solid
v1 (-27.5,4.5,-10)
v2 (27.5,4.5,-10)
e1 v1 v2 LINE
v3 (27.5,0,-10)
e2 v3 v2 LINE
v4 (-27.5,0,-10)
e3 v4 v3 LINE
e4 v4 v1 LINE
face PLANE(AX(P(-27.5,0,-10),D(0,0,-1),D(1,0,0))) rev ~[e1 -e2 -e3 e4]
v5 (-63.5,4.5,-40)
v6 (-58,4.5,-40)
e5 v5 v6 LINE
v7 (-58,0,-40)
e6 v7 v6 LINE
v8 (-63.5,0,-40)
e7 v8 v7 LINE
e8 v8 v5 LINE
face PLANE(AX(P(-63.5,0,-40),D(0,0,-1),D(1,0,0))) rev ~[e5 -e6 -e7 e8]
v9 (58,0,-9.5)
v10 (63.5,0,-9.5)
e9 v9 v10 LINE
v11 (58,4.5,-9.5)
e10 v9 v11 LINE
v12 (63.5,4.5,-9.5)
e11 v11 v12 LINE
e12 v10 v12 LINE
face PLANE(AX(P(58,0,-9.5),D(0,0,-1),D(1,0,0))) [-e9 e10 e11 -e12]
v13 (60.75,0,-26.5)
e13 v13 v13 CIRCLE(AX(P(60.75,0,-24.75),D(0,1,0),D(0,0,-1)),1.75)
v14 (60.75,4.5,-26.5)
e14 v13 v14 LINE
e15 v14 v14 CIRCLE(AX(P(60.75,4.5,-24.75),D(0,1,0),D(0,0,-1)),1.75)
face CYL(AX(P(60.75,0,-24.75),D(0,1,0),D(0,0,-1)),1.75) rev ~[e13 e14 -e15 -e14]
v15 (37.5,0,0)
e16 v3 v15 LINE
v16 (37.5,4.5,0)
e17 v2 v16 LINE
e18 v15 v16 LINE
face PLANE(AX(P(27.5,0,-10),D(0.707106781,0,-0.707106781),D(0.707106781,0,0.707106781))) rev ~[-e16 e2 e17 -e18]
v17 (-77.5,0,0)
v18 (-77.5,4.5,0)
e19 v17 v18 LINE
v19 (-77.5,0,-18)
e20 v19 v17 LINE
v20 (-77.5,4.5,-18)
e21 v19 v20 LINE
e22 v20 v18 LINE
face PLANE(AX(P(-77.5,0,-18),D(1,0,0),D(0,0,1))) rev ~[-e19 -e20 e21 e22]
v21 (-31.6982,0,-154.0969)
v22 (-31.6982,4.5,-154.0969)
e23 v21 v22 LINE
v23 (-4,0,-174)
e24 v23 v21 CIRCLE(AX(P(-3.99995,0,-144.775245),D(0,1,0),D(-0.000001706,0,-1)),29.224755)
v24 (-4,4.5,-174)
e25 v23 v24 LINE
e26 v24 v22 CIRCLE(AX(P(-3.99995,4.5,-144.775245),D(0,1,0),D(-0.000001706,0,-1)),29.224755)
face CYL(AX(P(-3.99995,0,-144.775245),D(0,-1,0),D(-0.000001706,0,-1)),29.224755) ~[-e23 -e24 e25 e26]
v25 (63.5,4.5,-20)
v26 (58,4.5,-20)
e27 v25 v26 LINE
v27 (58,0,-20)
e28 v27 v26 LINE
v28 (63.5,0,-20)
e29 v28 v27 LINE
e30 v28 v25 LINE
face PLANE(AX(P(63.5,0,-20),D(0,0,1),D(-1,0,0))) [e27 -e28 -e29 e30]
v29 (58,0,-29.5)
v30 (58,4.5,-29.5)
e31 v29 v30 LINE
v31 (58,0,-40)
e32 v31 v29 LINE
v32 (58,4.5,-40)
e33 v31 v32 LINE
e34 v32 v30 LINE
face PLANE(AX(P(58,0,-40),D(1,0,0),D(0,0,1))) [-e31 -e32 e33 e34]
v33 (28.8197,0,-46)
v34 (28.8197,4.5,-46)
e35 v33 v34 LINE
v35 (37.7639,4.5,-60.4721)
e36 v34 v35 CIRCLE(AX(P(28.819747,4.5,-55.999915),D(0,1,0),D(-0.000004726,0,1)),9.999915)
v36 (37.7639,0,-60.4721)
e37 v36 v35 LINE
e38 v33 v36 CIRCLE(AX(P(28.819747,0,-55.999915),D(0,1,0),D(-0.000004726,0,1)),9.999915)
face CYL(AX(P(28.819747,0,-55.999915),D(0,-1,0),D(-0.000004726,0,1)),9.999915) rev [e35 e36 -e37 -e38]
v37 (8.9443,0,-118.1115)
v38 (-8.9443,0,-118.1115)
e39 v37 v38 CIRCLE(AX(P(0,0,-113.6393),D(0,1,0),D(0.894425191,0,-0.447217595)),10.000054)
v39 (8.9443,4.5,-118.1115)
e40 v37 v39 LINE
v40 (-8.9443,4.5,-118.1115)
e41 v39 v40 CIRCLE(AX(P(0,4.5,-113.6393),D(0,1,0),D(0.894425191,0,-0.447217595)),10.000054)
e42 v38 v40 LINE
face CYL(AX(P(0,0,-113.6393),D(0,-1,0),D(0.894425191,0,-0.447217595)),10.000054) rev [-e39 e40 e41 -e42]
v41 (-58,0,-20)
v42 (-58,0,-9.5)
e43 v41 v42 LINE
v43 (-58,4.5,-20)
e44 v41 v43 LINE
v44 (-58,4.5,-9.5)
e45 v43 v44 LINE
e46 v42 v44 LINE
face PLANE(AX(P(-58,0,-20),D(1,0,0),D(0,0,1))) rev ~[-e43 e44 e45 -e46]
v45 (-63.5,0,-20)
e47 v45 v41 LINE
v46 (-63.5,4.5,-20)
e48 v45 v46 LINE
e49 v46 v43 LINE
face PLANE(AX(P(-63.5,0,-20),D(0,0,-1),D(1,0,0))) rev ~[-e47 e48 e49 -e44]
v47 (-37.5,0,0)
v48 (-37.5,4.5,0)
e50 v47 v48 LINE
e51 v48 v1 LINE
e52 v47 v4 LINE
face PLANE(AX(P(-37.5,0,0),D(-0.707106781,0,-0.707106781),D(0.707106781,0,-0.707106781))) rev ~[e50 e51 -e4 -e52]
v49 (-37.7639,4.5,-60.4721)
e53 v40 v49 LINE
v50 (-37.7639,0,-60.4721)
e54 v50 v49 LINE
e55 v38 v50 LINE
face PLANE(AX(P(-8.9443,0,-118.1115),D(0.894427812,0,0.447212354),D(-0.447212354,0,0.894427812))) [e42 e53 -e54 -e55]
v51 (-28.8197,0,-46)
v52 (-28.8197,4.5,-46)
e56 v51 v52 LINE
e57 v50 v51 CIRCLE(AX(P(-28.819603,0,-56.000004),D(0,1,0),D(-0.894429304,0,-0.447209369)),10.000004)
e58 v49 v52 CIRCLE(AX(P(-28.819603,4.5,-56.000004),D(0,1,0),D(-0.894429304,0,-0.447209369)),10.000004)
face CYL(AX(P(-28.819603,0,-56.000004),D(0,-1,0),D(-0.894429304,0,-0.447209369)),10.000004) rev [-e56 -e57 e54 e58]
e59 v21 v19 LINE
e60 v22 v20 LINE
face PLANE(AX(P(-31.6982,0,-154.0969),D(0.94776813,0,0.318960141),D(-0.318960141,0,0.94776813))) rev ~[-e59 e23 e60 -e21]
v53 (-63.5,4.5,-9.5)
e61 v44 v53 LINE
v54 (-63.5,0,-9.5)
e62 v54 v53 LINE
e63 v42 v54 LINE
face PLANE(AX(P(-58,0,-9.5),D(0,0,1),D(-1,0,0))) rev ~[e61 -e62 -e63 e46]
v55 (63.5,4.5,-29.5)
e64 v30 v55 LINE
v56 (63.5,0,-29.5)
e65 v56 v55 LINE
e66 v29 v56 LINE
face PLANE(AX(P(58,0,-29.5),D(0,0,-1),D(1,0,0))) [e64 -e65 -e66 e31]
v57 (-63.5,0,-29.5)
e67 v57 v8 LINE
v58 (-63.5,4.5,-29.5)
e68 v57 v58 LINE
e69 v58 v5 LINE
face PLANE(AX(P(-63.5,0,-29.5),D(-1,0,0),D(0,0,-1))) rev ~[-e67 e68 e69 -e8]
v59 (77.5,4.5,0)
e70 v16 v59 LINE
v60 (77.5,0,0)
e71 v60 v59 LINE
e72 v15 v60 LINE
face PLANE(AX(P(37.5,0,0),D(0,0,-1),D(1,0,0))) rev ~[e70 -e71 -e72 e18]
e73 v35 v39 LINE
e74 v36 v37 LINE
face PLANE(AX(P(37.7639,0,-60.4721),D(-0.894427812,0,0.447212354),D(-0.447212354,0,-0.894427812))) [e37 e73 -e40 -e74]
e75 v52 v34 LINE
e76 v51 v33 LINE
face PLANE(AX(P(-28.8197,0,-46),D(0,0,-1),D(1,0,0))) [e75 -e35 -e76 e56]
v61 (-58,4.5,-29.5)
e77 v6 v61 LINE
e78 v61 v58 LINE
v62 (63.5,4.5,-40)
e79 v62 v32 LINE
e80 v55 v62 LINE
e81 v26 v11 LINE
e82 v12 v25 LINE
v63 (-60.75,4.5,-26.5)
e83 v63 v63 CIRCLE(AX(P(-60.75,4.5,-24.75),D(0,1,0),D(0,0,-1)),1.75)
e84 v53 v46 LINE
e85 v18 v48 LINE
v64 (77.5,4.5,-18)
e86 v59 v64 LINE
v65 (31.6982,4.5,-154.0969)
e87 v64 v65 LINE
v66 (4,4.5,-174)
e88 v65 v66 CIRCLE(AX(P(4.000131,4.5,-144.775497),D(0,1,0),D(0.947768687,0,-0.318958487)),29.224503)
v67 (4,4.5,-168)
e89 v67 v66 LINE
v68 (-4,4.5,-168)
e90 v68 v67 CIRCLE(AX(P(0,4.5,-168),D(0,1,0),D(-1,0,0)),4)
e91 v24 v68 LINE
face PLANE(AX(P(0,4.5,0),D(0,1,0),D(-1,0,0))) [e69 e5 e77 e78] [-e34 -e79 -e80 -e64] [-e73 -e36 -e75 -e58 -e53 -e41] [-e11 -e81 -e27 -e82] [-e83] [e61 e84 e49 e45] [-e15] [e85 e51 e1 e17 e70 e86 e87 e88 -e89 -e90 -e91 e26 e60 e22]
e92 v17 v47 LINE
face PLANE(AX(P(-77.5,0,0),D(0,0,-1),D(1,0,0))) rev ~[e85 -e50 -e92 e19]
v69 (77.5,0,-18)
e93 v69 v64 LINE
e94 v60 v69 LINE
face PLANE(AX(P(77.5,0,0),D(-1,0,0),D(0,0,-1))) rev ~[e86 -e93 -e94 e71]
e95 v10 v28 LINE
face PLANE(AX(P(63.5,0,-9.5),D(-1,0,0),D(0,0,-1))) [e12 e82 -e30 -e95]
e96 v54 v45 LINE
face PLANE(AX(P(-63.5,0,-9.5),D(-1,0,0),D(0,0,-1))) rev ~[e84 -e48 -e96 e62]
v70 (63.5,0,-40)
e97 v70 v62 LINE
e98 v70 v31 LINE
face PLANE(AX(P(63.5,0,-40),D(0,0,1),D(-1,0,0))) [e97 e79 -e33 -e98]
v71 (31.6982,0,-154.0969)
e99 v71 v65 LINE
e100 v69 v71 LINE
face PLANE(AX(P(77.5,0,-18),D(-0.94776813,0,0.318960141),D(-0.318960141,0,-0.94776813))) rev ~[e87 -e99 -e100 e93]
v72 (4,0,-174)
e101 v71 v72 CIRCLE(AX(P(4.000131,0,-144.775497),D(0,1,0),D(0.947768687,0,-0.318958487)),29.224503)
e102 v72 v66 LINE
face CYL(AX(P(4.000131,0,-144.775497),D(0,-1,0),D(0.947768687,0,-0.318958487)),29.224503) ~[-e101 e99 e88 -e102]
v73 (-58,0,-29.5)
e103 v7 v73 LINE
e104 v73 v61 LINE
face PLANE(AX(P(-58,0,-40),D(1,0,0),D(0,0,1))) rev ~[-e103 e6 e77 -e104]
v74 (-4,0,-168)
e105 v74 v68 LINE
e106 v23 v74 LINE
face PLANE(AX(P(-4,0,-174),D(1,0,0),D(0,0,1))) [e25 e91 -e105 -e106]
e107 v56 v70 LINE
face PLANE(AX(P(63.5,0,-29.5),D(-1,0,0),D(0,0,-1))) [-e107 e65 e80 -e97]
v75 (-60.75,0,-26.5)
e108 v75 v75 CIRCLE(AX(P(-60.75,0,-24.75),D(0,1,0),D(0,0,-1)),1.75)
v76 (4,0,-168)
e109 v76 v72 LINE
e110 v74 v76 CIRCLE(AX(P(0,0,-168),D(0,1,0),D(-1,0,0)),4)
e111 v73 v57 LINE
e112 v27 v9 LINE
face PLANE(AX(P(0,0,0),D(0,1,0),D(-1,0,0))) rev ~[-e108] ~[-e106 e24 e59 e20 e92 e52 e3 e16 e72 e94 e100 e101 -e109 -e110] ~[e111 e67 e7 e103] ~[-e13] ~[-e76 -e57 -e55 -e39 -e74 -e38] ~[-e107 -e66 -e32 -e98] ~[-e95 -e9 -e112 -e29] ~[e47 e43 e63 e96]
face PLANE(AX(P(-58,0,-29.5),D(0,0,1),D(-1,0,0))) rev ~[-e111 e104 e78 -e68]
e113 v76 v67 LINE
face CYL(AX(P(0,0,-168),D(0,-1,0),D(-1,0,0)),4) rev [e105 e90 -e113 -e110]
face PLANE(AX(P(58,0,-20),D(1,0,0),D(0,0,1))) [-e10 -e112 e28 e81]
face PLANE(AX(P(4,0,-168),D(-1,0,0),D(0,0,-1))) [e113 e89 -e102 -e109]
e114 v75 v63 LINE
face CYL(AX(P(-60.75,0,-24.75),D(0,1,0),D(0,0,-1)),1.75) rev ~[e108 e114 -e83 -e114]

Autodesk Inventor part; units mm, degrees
ref_plane "YZ Plane" through (0, 0, 0) normal (1, 0, 0) x (0, 1, 0)
ref_plane "XZ Plane" through (0, 0, 0) normal (0, 1, 0) x (-1, 0, 0)
ref_plane "XY Plane" through (0, 0, 0) normal (0, 0, 1) x (1, 0, 0)
sketch "Sketch1" plane through (0, 0, 0) normal (0, 1, 0) x (-1, 0, 0)
  line L0 (77.5, 0) -> (37.5, 0)
  line L1 (37.5, 0) -> (27.5, -10)
  line L2 (27.5, -10) -> (-27.5, -10)
  line L3 (-27.5, -10) -> (-37.5, 0)
  line L4 (-37.5, 0) -> (-77.5, 0)
  line L5 (-77.5, 0) -> (-77.5, -18)
  line L6 (-77.5, -18) -> (-31.6982, -154.0969)
  line L7 (31.6982, -154.0969) -> (77.5, -18)
  line L8 (77.5, -18) -> (77.5, 0)
  line L9 (0, -164) -> (0, -10) construction
  arc A0 (4, -174) -> (31.6982, -154.0969) centre (4, -144.7754) ccw
  arc A1 (-31.6982, -154.0969) -> (-4, -174) centre (-4, -144.7754) ccw
  line L10 (31.6982, -154.0969) -> (25, -174) construction
  line L11 (25, -174) -> (-25, -174) construction
  line L12 (-25, -174) -> (-42.9022, -120.8048) construction
  line L13 (4, -174) -> (4, -168)
  line L14 (4, -168) -> (-4, -168) construction
  line L15 (-4, -168) -> (-4, -174)
  arc A2 (4, -168) -> (-4, -168) centre (0, -168) ccw
  line L16 (28.8197, -46) -> (-28.8197, -46)
  line L17 (-37.7639, -60.4721) -> (-8.9443, -118.1115)
  line L18 (8.9443, -118.1115) -> (37.7639, -60.4721)
  arc A3 (37.7639, -60.4721) -> (28.8197, -46) centre (28.8197, -56) ccw
  arc A4 (-8.9443, -118.1115) -> (8.9443, -118.1115) centre (0, -113.6393) ccw
  arc A5 (-28.8197, -46) -> (-37.7639, -60.4721) centre (-28.8197, -56) ccw
  line L19 (63.5, -40) -> (58, -40)
  line L20 (58, -40) -> (58, -29.5)
  line L21 (58, -29.5) -> (63.5, -29.5)
  line L22 (63.5, -29.5) -> (63.5, -40)
  line L23 (63.5, -20) -> (58, -20)
  line L24 (58, -20) -> (58, -9.5)
  line L25 (58, -9.5) -> (63.5, -9.5)
  line L26 (63.5, -9.5) -> (63.5, -20)
  line L27 (-58, -29.5) -> (-63.5, -29.5)
  line L28 (-63.5, -29.5) -> (-63.5, -40)
  line L29 (-63.5, -40) -> (-58, -40)
  line L30 (-58, -40) -> (-58, -29.5)
  line L31 (-58, -9.5) -> (-63.5, -9.5)
  line L32 (-63.5, -9.5) -> (-63.5, -20)
  line L33 (-63.5, -20) -> (-58, -20)
  line L34 (-58, -20) -> (-58, -9.5)
  line L35 (60.75, -29.5) -> (60.75, -20) construction
  line L36 (-60.75, -29.5) -> (-60.75, -20) construction
  point P0 (0, 0)
  point P1 (45, -46)
  point P2 (-45, -46)
  point P3 (0, -136)
  point P4 (0, -46)
  point P5 (60.75, -24.75)
  point P6 (-60.75, -24.75)
  dimension "d1" = 155
  dimension "d2" = 10
  dimension "d3" = 45
  dimension "d4" = 55
  dimension "d5" = 18
  dimension "d6" = 174
  dimension "d7" = 50
  dimension "d8" = 8
  dimension "d9" = 6
  dimension "d13" = 90
  dimension "d14" = 46
  dimension "d15" = 136
  dimension "d16" = 10
  dimension "d17" = 5.5
  dimension "d18" = 10.5
  dimension "d19" = 9.5
  dimension "d20" = 29.5
  dimension "d21" = 14
extrude "Extrusion1" add sketch "Sketch1" along normal blind 4.5
hole "Hole1" at (-60.75, 0, -24.75) at (60.75, 0, -24.75) direction (0, 1, 0) diameter 3.5 end through all
properties part number "A8-0007"
